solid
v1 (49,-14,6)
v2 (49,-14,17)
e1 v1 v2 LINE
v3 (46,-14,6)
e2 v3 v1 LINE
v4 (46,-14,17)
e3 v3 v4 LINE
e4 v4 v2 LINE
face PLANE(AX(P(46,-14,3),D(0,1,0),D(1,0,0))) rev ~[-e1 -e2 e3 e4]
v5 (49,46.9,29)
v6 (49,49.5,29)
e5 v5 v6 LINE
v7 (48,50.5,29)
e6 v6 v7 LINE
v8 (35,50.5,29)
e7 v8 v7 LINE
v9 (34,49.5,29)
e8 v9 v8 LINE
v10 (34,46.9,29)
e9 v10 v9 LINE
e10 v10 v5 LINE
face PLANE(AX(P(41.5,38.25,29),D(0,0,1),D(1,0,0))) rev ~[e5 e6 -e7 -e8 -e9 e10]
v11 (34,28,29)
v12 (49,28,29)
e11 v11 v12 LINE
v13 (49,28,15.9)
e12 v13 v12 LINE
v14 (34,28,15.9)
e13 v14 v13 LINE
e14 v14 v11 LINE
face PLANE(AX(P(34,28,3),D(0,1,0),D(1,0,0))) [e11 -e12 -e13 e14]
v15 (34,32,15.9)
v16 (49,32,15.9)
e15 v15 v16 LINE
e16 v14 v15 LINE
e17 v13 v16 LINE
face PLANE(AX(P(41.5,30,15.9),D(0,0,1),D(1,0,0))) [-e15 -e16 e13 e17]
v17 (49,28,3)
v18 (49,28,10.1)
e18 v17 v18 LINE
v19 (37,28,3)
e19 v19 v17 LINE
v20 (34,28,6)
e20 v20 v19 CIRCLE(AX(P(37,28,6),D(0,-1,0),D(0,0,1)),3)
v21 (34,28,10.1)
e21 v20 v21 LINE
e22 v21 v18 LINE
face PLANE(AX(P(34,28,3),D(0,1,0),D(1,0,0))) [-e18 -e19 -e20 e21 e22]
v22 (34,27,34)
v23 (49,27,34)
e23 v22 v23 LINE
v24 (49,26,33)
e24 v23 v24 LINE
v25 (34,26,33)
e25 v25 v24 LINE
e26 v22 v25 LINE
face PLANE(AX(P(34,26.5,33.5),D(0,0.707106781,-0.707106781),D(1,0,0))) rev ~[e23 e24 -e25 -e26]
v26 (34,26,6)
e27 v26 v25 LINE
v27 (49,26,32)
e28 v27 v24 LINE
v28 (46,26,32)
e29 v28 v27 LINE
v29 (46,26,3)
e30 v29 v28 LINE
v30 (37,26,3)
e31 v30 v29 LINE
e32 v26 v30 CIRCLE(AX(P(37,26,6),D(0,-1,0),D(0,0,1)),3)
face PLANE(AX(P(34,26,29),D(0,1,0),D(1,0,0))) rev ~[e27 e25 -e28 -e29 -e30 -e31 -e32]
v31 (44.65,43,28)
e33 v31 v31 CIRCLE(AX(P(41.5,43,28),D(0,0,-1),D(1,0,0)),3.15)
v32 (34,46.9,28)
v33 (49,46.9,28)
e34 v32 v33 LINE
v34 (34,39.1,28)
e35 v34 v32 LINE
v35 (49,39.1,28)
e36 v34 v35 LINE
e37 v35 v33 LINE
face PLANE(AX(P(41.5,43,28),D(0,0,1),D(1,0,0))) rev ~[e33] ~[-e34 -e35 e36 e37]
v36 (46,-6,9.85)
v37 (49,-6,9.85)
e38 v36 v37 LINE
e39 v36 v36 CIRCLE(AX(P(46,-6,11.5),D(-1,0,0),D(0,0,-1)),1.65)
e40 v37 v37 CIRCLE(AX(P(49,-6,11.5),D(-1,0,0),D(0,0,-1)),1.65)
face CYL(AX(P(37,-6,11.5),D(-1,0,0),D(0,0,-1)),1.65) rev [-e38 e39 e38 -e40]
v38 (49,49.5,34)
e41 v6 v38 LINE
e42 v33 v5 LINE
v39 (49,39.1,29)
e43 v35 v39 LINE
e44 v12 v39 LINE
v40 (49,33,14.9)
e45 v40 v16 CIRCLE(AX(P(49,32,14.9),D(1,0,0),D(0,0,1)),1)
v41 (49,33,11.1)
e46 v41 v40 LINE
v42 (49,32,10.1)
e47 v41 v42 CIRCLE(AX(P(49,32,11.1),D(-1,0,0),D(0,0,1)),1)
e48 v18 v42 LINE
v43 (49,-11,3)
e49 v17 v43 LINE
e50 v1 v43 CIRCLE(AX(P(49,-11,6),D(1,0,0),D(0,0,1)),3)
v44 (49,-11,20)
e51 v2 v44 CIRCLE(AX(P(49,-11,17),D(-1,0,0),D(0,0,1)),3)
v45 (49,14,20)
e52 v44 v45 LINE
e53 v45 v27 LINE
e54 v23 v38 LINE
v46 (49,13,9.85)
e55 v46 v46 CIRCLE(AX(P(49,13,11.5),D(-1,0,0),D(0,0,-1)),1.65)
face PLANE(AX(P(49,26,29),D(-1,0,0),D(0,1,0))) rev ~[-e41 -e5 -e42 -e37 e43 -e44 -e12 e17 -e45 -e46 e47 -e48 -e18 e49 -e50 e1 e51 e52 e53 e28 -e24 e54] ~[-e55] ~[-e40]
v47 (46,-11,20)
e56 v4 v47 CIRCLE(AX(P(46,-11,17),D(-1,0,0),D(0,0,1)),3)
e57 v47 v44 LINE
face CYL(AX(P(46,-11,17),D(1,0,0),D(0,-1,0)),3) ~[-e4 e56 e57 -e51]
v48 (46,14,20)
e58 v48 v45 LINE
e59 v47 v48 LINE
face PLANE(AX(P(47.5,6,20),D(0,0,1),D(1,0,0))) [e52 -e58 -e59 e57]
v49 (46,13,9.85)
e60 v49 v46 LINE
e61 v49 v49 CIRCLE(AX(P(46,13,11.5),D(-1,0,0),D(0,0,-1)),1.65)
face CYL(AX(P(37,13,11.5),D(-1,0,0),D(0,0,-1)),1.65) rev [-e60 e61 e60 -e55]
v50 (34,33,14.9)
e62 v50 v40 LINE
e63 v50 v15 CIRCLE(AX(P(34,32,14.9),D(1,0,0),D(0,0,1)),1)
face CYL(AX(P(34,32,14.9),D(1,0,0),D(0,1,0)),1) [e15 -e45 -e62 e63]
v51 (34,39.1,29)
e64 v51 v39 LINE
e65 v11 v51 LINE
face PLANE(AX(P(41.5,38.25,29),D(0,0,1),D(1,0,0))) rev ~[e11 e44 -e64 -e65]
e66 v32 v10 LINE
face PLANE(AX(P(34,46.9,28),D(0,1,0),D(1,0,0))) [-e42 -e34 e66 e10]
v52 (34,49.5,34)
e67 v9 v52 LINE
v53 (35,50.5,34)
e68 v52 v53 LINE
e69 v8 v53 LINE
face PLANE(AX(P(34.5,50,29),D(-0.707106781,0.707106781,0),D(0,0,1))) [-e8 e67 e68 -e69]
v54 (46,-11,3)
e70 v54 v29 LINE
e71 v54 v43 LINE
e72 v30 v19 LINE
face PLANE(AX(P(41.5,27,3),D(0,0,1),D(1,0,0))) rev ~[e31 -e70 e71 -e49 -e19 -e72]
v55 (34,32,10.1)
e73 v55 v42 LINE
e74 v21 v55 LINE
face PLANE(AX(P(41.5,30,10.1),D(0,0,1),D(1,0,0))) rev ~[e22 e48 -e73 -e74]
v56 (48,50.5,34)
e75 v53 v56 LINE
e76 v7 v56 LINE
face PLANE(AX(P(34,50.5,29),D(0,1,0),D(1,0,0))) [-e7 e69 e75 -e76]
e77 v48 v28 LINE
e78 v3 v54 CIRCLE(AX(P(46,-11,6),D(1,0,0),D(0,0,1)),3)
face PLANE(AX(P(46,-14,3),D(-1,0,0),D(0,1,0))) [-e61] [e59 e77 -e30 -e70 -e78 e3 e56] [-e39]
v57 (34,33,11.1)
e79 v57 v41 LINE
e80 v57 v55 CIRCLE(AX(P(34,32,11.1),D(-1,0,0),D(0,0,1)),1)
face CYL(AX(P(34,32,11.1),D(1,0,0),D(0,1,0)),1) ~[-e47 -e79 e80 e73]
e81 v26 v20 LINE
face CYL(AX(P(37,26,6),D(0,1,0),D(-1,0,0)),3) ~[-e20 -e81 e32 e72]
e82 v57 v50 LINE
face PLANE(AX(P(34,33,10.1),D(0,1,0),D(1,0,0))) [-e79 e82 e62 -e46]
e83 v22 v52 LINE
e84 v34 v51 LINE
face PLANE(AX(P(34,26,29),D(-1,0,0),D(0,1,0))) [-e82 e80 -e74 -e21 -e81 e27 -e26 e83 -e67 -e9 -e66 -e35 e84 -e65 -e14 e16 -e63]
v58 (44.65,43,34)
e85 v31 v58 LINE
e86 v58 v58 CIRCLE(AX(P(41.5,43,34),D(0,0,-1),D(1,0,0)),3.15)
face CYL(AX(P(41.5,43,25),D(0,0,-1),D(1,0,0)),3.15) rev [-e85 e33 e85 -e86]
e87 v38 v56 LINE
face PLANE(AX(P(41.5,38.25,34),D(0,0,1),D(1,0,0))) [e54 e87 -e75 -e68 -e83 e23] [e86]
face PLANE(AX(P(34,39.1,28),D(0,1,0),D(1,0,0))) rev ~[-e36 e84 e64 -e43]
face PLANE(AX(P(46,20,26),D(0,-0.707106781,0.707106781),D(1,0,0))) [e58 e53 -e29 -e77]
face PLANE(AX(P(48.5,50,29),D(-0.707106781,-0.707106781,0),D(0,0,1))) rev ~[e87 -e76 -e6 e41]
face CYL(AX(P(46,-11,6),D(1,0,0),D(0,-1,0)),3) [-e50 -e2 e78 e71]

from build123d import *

# Parameters (mm, degrees)
BOX055_W           = 15
BOX055_H           = 2
BOX055_DEPTH       = 26
FILLET005015025_R  = 3
BOX058_W           = 15
BOX058_H           = 6
BOX058_DEPTH       = 5.8
FILLET005015028_R  = 1
CYLINDER021_R      = 3.15
CYLINDER021_DEPTH  = 10
BOX054_W           = 15
BOX054_H           = 24.5
BOX054_DEPTH       = 5
CHAMFER010013_SIZE = 1
BOX057_W           = 15
BOX057_H           = 7.8
BOX057_DEPTH       = 2
CYLINDER023_R      = 1.65
CYLINDER023_DEPTH  = 14
CYLINDER022_R      = 1.65
CYLINDER022_DEPTH  = 14
BOX056_W           = 3
BOX056_H           = 40
BOX056_DEPTH       = 17
FILLET005015024_R  = 3
CHAMFER010014_SIZE = 12
CHAMFER010015_SIZE = 1


with BuildPart() as fillet005015025:
    # Box055 → Box055 (new body)
    with BuildSketch(Plane(origin=(34, 26, 3), x_dir=(1, 0, 0), z_dir=(0, 0, 1))):
        with Locations((7.5, 1)):
            Rectangle(BOX055_W, BOX055_H)
    extrude(amount=BOX055_DEPTH)

    # Fillet005015025
    fillet005015025_edges = [fillet005015025.edges().sort_by_distance(p)[0] for p in [
        (34, 27, 3),
    ]]
    fillet(fillet005015025_edges, radius=FILLET005015025_R)


with BuildPart() as fillet005015028:
    # Box058 → Box058 (new body)
    with BuildSketch(Plane(origin=(34, 27, 10.1), x_dir=(1, 0, 0), z_dir=(0, 0, 1))):
        with Locations((7.5, 3)):
            Rectangle(BOX058_W, BOX058_H)
    extrude(amount=BOX058_DEPTH)

    # Fillet005015028
    fillet005015028_edges = [fillet005015028.edges().sort_by_distance(p)[0] for p in [
        (41.5, 33, 10.1),
        (41.5, 33, 15.9),
    ]]
    fillet(fillet005015028_edges, radius=FILLET005015028_R)


with BuildPart() as cylinder021:
    # Cylinder021 → Cylinder021 (new body)
    with BuildSketch(Plane(origin=(41.5, 43, 25), x_dir=(1, 0, 0), z_dir=(0, 0, 1))):
        Circle(CYLINDER021_R)
    extrude(amount=CYLINDER021_DEPTH)


with BuildPart() as chamfer010013:
    # Box054 → Box054 (new body)
    with BuildSketch(Plane(origin=(34, 26, 29), x_dir=(1, 0, 0), z_dir=(0, 0, 1))):
        with Locations((7.5, 12.25)):
            Rectangle(BOX054_W, BOX054_H)
    extrude(amount=BOX054_DEPTH)

    # Chamfer010013
    chamfer010013_edges = [chamfer010013.edges().sort_by_distance(p)[0] for p in [
        (34, 50.5, 31.5),
        (49, 50.5, 31.5),
    ]]
    chamfer(chamfer010013_edges, length=CHAMFER010013_SIZE)


with BuildPart() as cut019003006:
    # Box057 → Box057 (new body)
    with BuildSketch(Plane(origin=(34, 39.1, 28), x_dir=(1, 0, 0), z_dir=(0, 0, 1))):
        with Locations((7.5, 3.9)):
            Rectangle(BOX057_W, BOX057_H)
    extrude(amount=BOX057_DEPTH)

    # Fusion001021004009015012: union Chamfer010013
    add(chamfer010013.part)

    # Cut019003006: cut Cylinder021
    add(cylinder021.part, mode=Mode.SUBTRACT)


with BuildPart() as cylinder023:
    # Cylinder023 → Cylinder023 (new body)
    with BuildSketch(Plane(origin=(37, 13, 11.5), x_dir=(0, 0, -1), z_dir=(1, 0, 0))):
        Circle(CYLINDER023_R)
    extrude(amount=CYLINDER023_DEPTH)


with BuildPart() as fusion001021004009015011:
    # Cylinder022 → Cylinder022 (new body)
    with BuildSketch(Plane(origin=(37, -6, 11.5), x_dir=(0, 0, -1), z_dir=(1, 0, 0))):
        Circle(CYLINDER022_R)
    extrude(amount=CYLINDER022_DEPTH)

    # Fusion001021004009015011: union Cylinder023
    add(cylinder023.part)


with BuildPart() as top_mount_arm_right:
    # Box056 → Box056 (new body)
    with BuildSketch(Plane(origin=(46, -14, 3), x_dir=(1, 0, 0), z_dir=(0, 0, 1))):
        with Locations((1.5, 20)):
            Rectangle(BOX056_W, BOX056_H)
    extrude(amount=BOX056_DEPTH)

    # Fillet005015024
    fillet005015024_edges = [top_mount_arm_right.edges().sort_by_distance(p)[0] for p in [
        (47.5, -14, 3),
        (47.5, -14, 20),
    ]]
    fillet(fillet005015024_edges, radius=FILLET005015024_R)

    # Cut019003007: cut Fusion001021004009015011
    add(fusion001021004009015011.part, mode=Mode.SUBTRACT)

    # Fusion001021004009015013: union Fillet005015025, Fillet005015028, Cut019003006
    add(fillet005015025.part)
    add(fillet005015028.part)
    add(cut019003006.part)

    # Chamfer010014
    chamfer010014_edges = [top_mount_arm_right.edges().sort_by_distance(p)[0] for p in [
        (47.5, 26, 20),
    ]]
    chamfer(chamfer010014_edges, length=CHAMFER010014_SIZE)

    # Chamfer010015
    chamfer010015_edges = [top_mount_arm_right.edges().sort_by_distance(p)[0] for p in [
        (41.5, 26, 34),
    ]]
    chamfer(chamfer010015_edges, length=CHAMFER010015_SIZE)


solid = top_mount_arm_right.part
